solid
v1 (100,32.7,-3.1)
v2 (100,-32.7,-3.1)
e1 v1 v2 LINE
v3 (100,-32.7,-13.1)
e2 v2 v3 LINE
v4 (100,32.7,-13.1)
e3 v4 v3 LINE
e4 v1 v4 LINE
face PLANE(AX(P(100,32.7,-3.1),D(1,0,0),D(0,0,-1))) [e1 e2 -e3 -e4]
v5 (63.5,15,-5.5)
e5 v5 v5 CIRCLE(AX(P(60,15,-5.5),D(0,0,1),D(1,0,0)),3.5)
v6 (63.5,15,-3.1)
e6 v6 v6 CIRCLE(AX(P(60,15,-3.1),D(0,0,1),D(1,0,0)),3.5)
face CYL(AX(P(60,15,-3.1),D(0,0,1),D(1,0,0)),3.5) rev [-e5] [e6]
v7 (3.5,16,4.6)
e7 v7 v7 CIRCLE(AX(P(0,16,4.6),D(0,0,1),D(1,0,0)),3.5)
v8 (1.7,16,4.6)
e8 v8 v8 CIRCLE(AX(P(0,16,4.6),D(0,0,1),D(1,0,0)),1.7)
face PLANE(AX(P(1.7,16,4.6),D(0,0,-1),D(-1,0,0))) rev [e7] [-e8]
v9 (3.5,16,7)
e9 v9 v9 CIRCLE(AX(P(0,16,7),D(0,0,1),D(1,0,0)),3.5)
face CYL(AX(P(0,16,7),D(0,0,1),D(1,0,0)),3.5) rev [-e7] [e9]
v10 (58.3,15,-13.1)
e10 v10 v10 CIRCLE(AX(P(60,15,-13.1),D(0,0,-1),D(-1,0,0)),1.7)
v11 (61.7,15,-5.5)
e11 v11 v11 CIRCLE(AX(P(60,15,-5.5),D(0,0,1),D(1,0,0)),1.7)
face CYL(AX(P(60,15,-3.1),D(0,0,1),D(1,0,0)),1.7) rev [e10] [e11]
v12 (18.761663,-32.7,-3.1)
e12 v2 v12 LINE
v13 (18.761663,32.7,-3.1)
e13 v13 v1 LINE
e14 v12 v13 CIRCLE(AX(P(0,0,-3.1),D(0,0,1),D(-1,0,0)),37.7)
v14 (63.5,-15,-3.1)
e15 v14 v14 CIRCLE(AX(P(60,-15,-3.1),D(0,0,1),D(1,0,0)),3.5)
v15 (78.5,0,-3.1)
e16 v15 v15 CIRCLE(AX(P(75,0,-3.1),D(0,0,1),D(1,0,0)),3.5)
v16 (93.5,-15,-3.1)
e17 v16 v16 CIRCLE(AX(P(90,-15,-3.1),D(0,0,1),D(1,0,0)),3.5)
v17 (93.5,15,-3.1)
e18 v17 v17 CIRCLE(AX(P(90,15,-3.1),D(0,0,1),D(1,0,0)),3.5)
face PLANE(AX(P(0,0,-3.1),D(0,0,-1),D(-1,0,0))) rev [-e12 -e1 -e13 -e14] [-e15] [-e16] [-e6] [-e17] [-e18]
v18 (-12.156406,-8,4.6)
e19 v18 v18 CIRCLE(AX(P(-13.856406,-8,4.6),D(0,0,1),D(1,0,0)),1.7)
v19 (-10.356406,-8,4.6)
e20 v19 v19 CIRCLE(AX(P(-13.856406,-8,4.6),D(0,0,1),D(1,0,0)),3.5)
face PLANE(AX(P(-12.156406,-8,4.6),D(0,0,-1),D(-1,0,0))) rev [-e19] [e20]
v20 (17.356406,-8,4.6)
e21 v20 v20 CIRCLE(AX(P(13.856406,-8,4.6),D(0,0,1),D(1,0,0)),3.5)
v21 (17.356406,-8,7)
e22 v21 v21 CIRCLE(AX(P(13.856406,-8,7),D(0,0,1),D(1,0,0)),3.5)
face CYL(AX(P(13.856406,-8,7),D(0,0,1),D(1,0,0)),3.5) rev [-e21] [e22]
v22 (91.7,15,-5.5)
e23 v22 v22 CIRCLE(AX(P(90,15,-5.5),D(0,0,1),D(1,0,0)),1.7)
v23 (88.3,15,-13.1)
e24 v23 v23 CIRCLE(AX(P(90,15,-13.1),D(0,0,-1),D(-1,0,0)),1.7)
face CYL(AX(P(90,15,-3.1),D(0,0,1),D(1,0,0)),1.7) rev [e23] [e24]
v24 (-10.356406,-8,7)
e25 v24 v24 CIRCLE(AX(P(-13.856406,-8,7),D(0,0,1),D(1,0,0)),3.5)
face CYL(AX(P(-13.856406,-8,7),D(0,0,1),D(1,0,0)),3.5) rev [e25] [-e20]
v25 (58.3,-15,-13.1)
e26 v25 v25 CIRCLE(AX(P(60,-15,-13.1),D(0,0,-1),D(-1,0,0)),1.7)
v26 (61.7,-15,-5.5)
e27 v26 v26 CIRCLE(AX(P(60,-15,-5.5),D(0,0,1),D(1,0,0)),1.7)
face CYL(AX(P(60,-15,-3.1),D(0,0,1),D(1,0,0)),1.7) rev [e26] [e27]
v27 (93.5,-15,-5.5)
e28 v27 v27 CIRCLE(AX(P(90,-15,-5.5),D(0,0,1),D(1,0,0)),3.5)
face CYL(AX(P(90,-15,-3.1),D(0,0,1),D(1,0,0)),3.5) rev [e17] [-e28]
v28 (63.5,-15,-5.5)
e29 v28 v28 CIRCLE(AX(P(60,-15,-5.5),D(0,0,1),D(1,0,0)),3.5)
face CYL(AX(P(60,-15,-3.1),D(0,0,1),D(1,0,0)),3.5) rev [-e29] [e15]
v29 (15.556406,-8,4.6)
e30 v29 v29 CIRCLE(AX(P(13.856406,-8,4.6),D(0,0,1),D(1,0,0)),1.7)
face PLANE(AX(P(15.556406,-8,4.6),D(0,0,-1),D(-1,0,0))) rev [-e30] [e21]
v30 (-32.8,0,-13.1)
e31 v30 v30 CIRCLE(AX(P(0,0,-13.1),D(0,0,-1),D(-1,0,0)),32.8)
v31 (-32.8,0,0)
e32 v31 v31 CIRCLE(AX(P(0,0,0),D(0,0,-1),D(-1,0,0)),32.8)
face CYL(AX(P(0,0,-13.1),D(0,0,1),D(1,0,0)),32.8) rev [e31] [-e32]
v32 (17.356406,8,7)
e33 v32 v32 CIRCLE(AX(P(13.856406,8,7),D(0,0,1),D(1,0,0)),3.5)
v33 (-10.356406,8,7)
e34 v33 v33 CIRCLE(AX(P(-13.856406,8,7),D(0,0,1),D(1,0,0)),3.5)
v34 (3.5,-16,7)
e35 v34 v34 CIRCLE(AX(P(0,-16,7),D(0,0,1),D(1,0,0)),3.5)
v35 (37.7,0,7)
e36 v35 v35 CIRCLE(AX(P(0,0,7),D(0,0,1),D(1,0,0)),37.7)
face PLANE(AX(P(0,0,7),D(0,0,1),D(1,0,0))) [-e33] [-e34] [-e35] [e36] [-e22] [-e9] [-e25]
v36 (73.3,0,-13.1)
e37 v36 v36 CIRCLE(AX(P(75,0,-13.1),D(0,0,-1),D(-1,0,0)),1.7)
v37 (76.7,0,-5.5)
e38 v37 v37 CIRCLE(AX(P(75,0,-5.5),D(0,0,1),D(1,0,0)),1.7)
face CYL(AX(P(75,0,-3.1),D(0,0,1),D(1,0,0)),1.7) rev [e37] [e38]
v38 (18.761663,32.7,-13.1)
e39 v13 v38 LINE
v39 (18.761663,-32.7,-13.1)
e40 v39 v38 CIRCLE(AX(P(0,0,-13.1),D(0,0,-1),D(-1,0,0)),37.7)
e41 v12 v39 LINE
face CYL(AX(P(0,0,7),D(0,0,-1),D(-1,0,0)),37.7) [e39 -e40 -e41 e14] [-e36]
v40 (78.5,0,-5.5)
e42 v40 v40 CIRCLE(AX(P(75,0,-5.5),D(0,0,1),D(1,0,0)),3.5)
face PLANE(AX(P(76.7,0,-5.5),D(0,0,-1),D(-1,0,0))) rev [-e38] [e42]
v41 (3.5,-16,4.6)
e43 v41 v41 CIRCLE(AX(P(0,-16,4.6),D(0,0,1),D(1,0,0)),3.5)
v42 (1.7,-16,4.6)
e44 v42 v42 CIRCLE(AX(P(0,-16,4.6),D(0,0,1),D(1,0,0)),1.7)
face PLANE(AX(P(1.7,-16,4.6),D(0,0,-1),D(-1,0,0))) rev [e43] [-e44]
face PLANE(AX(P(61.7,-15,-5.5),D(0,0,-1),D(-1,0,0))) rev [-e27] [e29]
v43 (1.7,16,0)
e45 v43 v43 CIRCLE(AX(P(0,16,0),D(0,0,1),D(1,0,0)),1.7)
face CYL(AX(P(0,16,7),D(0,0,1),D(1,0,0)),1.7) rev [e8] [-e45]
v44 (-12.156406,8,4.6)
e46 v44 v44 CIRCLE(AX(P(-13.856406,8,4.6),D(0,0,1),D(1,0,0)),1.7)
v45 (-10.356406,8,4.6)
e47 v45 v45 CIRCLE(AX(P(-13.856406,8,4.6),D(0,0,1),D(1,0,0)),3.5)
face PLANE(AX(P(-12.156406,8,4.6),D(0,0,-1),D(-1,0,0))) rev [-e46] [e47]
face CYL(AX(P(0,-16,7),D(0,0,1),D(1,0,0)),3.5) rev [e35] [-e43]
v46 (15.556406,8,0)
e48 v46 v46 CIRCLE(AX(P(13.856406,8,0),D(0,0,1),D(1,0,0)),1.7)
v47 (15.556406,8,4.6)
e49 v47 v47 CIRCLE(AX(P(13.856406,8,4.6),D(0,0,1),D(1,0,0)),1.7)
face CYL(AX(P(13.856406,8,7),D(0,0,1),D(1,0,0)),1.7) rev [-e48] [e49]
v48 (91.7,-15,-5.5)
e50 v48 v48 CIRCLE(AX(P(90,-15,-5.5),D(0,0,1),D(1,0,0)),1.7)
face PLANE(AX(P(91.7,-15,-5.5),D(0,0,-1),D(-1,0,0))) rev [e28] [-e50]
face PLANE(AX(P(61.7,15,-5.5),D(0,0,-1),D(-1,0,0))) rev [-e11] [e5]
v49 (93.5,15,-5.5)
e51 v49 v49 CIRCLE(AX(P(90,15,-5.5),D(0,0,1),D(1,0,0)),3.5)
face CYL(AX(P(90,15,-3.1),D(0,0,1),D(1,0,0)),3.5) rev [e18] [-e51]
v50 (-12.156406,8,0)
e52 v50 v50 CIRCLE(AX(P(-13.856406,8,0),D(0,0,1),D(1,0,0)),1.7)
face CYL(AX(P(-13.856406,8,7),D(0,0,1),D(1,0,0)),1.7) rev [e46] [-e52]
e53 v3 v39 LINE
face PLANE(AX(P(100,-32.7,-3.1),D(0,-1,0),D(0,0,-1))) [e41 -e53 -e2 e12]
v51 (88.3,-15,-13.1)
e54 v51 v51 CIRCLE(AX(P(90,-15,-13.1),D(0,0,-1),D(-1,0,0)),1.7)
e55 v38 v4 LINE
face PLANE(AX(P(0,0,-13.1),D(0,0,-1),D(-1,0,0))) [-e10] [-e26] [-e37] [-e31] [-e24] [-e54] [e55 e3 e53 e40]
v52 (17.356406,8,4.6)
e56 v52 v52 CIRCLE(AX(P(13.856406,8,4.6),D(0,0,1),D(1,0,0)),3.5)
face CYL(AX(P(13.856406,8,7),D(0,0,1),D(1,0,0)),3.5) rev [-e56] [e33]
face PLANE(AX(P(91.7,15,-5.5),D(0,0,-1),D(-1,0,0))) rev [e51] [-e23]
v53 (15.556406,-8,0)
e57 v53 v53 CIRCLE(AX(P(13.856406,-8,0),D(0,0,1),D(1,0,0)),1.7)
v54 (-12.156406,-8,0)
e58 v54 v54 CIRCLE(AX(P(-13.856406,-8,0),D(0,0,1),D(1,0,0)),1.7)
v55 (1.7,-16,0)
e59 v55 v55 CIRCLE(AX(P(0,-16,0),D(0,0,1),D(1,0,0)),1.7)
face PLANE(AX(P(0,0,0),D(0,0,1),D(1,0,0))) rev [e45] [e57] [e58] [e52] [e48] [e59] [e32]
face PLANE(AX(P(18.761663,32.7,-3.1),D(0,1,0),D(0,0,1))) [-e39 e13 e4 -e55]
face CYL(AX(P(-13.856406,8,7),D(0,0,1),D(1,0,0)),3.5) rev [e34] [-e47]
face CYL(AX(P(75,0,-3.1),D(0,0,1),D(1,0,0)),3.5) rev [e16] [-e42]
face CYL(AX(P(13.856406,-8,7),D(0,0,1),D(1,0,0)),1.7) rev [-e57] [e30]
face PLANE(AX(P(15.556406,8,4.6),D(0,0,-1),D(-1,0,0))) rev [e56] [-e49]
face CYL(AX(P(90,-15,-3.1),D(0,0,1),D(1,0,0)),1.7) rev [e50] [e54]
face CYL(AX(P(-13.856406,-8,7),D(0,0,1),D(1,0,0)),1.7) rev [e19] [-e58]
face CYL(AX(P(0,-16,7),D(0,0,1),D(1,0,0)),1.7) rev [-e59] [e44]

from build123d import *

# Parameters (mm, degrees)
CROQUIS1_R                                           = 37.7
SALIENTE_EXTRUIR1_DEPTH                              = 7
REFRENTADO_PARA_TORNILLO_CON_CABEZA_TRON_D           = 3.4
REFRENTADO_PARA_TORNILLO_CON_CABEZA_TRON_CBORE_D     = 7
REFRENTADO_PARA_TORNILLO_CON_CABEZA_TRON_CBORE_DEPTH = 2.4
SALIENTE_EXTRUIR2_START                              = 13.1
CROQUIS4_R                                           = 37.7
CROQUIS4_R_2                                         = 32.8
SALIENTE_EXTRUIR2_DEPTH                              = 13.1
SALIENTE_EXTRUIR3_DEPTH                              = 10
REFRENTADO_PARA_TORNILLO_CON_CABEZA_2_D              = 3.4
REFRENTADO_PARA_TORNILLO_CON_CABEZA_2_CBORE_D        = 7
REFRENTADO_PARA_TORNILLO_CON_CABEZA_2_CBORE_DEPTH    = 2.4


with BuildPart() as part:
    # Croquis1 → Saliente-Extruir1 (new body)
    with BuildSketch(Plane.XY):
        Circle(CROQUIS1_R)
    extrude(amount=SALIENTE_EXTRUIR1_DEPTH)

    # Refrentado para tornillo con cabeza tron (through all)
    with Locations(Plane.XY.offset(7)):
        with Locations((0, 16), (13.856406461, 8), (13.856406461, -8), (0, -16), (-13.856406461, -8), (-13.856406461, 8)):
            CounterBoreHole(REFRENTADO_PARA_TORNILLO_CON_CABEZA_TRON_D / 2, REFRENTADO_PARA_TORNILLO_CON_CABEZA_TRON_CBORE_D / 2, REFRENTADO_PARA_TORNILLO_CON_CABEZA_TRON_CBORE_DEPTH)

    # Croquis4 → Saliente-Extruir2 (add)
    with BuildSketch(Plane(origin=(0, 0, 0), x_dir=(-1, 0, 0), z_dir=(0, 0, -1)).offset(SALIENTE_EXTRUIR2_START)):
        Circle(CROQUIS4_R)
        Circle(CROQUIS4_R_2, mode=Mode.SUBTRACT)
    extrude(amount=-SALIENTE_EXTRUIR2_DEPTH)

    # Croquis5 → Saliente-Extruir3 (add)
    with BuildSketch(Plane(origin=(0, 0, -13.1), x_dir=(-1, 0, 0), z_dir=(0, 0, -1))):
        with BuildLine():
            Line((-18.761663039, 32.7), (-100, 32.7))
            Line((-100, 32.7), (-100, -32.7))
            Line((-100, -32.7), (-18.761663039, -32.7))
            ThreePointArc((-18.761663039, -32.7), (-37.7, 0), (-18.761663039, 32.7))
        make_face()
    extrude(amount=-SALIENTE_EXTRUIR3_DEPTH)

    # Refrentado para tornillo con cabeza  2 (through all)
    with Locations(Plane.XY.offset(-3.1)):
        with Locations((75, 0), (90, 15), (60, -15), (60, 15), (90, -15)):
            CounterBoreHole(REFRENTADO_PARA_TORNILLO_CON_CABEZA_2_D / 2, REFRENTADO_PARA_TORNILLO_CON_CABEZA_2_CBORE_D / 2, REFRENTADO_PARA_TORNILLO_CON_CABEZA_2_CBORE_DEPTH)


solid = part.part
